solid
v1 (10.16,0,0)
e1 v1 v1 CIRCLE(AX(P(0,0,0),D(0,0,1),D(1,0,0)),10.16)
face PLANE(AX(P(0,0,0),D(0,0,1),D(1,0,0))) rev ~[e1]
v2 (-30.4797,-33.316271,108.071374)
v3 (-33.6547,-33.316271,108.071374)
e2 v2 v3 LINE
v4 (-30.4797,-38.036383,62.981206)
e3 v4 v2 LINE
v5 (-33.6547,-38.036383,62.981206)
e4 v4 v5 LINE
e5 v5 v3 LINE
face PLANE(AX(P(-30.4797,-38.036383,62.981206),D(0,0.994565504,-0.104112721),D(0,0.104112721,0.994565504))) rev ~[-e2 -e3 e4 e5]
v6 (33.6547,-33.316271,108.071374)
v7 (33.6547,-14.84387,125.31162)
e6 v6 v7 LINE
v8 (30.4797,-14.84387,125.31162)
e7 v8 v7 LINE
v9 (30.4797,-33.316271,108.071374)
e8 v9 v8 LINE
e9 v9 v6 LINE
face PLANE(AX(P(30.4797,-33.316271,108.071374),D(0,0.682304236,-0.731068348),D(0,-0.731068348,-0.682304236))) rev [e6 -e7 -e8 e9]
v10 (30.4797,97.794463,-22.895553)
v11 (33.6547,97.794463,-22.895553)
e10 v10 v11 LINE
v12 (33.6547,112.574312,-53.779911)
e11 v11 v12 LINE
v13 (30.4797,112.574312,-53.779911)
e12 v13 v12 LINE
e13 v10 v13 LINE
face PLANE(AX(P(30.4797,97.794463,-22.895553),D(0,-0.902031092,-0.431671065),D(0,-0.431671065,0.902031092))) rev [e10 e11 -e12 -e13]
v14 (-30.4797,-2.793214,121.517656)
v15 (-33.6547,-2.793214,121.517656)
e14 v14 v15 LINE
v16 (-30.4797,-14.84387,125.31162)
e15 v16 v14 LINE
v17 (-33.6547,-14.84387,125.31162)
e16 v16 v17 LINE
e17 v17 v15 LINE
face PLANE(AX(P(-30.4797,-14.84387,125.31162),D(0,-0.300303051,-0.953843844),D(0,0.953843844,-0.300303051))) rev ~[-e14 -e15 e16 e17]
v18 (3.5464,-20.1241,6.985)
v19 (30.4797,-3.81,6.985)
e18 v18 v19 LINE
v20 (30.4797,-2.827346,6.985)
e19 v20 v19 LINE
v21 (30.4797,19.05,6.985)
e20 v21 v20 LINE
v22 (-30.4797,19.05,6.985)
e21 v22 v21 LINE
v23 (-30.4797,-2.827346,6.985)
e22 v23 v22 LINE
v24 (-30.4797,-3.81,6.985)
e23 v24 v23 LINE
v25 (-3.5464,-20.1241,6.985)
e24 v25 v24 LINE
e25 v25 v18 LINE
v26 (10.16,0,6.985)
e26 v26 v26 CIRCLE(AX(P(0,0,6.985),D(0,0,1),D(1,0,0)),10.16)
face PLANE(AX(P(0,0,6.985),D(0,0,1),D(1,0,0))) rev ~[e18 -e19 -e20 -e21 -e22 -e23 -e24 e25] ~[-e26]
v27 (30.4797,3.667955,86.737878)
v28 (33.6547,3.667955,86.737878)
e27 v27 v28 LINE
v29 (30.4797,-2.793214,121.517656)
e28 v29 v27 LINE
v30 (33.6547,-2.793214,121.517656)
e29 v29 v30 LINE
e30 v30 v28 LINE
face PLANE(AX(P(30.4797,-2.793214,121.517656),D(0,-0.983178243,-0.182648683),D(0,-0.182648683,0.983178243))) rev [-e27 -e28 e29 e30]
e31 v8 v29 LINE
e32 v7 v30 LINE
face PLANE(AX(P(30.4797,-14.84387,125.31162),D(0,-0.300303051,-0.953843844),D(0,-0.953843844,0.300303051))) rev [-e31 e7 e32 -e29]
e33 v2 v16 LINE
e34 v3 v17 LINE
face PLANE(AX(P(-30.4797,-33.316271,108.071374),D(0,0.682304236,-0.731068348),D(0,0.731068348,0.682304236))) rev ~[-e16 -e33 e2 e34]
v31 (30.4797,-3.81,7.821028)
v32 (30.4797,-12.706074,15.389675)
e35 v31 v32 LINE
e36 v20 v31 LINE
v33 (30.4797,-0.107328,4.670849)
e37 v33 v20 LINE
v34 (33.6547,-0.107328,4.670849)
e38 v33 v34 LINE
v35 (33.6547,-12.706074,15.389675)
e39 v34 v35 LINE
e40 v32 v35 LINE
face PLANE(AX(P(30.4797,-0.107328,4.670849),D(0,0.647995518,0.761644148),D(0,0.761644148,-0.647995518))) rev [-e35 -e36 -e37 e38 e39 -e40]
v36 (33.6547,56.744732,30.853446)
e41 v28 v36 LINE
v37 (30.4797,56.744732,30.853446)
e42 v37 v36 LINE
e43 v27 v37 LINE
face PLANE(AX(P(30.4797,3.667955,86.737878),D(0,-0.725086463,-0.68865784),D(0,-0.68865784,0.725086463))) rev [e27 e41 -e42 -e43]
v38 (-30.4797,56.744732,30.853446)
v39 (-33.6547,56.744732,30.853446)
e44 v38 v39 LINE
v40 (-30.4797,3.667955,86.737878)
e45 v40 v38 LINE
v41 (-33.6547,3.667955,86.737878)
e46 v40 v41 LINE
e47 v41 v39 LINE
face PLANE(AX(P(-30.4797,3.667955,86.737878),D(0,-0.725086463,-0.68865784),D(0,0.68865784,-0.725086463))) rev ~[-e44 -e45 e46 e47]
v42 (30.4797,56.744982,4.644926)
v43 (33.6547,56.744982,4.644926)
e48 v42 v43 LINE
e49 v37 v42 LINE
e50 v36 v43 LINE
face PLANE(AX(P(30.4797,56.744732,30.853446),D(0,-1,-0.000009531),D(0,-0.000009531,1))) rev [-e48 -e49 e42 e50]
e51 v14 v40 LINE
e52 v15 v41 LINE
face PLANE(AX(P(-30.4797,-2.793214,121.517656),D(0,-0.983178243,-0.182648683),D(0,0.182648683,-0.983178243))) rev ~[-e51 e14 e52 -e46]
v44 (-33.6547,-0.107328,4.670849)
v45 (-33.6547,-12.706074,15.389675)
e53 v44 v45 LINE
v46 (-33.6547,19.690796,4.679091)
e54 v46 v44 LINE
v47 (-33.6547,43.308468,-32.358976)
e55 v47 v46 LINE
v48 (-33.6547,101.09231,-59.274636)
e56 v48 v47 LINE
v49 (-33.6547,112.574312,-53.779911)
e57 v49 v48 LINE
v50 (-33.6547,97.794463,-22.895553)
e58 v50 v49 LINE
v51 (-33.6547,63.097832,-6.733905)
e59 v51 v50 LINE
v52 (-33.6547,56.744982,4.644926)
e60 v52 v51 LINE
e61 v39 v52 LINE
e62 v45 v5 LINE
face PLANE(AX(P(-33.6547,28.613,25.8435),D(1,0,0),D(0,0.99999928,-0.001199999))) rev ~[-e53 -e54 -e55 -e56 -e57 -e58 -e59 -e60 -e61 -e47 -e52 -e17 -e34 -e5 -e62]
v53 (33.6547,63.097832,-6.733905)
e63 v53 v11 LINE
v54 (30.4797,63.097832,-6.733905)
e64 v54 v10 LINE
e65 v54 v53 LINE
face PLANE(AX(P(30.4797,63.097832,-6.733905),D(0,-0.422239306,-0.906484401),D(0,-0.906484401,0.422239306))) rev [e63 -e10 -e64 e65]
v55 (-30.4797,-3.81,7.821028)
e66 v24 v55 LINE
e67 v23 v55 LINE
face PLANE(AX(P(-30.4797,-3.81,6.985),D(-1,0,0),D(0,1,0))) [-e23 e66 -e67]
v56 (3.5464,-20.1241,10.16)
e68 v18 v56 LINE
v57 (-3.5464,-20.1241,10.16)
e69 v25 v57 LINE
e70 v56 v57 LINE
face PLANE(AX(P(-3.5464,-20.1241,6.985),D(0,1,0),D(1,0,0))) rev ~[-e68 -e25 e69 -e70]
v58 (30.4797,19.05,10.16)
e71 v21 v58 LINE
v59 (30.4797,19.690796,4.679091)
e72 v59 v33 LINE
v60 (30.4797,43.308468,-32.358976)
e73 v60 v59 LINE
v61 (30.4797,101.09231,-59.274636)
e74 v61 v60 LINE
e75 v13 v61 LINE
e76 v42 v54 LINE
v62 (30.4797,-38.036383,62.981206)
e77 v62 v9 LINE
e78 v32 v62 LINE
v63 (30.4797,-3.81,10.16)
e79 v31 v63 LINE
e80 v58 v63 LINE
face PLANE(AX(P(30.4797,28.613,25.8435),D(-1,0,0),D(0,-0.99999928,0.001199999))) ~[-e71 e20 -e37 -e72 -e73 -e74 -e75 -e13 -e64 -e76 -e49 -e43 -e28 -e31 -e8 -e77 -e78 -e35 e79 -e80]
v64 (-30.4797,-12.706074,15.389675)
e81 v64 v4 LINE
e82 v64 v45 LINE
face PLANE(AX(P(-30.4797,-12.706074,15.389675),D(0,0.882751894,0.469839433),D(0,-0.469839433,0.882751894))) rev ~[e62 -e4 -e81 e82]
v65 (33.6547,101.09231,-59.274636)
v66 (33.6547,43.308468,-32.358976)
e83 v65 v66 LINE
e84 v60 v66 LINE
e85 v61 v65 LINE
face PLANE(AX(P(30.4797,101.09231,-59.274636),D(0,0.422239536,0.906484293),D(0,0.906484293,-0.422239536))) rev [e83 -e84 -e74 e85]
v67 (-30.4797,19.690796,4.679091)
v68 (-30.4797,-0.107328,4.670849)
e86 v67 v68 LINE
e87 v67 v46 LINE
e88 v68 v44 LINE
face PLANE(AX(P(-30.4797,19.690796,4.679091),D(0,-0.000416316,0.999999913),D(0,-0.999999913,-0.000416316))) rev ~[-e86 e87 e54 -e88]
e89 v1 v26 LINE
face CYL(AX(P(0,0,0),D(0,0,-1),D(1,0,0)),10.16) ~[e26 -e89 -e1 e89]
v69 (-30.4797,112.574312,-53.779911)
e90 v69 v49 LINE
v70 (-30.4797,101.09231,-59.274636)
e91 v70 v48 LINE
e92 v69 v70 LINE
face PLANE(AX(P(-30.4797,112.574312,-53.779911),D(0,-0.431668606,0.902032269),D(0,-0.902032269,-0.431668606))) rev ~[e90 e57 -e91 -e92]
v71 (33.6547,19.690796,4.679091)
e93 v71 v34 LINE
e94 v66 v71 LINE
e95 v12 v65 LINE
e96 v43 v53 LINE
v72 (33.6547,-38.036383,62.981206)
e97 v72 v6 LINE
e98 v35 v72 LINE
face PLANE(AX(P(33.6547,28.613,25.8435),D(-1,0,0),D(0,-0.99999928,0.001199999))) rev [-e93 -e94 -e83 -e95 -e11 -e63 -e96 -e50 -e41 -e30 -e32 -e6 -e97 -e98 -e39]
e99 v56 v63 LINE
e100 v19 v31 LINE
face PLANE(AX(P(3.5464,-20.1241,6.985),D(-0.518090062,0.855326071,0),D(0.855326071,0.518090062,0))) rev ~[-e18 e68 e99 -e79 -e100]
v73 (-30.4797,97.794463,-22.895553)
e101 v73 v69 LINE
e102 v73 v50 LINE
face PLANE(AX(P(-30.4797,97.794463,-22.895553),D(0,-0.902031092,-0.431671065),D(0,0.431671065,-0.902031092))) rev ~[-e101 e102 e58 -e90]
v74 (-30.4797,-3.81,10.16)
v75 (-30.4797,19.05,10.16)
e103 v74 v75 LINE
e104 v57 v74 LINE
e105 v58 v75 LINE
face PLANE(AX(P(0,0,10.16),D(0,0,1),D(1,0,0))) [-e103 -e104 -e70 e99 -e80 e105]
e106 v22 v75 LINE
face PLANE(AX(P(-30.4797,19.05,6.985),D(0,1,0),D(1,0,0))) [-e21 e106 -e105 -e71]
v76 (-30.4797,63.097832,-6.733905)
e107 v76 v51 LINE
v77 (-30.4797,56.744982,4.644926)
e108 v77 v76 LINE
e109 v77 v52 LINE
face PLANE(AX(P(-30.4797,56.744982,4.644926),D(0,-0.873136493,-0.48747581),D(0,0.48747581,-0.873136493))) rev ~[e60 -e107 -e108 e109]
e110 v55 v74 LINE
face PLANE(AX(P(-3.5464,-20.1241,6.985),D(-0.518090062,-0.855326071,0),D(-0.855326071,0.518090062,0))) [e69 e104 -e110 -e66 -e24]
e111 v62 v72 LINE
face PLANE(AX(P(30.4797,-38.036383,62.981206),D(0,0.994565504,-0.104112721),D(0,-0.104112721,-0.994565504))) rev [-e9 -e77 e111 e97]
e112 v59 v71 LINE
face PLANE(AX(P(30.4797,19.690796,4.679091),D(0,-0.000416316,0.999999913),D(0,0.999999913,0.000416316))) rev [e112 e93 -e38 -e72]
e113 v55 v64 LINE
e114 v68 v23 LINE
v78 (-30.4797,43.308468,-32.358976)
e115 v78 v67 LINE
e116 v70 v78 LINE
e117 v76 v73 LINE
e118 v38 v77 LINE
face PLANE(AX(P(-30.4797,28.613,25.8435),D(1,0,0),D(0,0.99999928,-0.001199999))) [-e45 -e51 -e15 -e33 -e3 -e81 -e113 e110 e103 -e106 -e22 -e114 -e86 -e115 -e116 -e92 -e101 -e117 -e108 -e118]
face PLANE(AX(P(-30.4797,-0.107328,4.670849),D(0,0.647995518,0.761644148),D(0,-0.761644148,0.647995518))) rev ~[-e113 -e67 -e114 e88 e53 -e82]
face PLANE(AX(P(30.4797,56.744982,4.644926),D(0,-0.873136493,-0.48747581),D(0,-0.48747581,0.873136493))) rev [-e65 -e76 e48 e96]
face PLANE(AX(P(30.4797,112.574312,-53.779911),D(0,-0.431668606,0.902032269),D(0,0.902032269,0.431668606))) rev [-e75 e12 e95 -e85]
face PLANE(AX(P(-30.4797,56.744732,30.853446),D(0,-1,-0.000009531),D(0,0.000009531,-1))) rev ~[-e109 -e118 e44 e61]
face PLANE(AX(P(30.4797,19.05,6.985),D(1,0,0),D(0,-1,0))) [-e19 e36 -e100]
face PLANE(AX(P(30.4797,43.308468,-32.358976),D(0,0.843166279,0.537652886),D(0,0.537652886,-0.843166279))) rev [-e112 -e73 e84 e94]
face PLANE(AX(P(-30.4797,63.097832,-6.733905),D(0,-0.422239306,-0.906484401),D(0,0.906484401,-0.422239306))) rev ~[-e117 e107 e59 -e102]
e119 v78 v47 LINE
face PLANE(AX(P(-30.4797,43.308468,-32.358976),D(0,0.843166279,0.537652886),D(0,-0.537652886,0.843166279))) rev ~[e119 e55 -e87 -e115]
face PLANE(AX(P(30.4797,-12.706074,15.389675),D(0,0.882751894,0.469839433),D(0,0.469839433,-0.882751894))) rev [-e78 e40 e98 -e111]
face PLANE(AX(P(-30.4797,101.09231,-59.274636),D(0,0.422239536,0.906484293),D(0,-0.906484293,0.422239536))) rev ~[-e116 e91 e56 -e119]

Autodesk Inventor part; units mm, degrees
sketch "Sketch1" plane through (0, 0, 0) normal (0, 0, 1) x (1, 0, 0)
  circle A0 centre (0, 0) radius 10.16
  arc A1 (-9.6844, 3.0721) -> (-9.6844, -3.0721) centre (0, 0) ccw construction
ref_plane "Work Plane1" through (-24.1297, -20.1241, 6.985) normal (0, 0, -1) x (0, 1, 0)
extrude "Extrusion1" add sketch "Sketch1" along normal up to surface (6.985 mm away)
sketch "Sketch2" plane through (0, 0, 6.985) normal (0, 0, 1) x (1, 0, 0)
  line L0 (-24.1297, 19.05) -> (24.1297, 19.05) construction
  line L1 (-30.4797, 4.9571) -> (-30.4797, 51.5313) construction
  line L2 (30.4797, 51.5313) -> (30.4797, 4.9571) construction
  line L3 (-3.5464, -20.1241) -> (3.5464, -20.1241)
  line L4 (3.5464, -20.1241) -> (30.4797, -3.81)
  line L5 (-3.5464, -20.1241) -> (-30.4797, -3.81)
  line L6 (-30.4797, -3.81) -> (-30.4797, 19.05)
  line L7 (-30.4797, 19.05) -> (30.4797, 19.05)
  line L8 (30.4797, 19.05) -> (30.4797, -3.81)
  line L9 (0, 141.501) -> (0, -68.047)
  arc A0 (-6.5797, -18.2867) -> (6.5797, -18.2867) centre (0, -7.4241) ccw construction
  line L10 (-6.5797, -18.2867) -> (-24.1297, -7.6563) construction
  line L11 (24.1297, -7.6563) -> (6.5797, -18.2867) construction
  point P0 (0, 0)
  point P1 (0, -20.1241)
ref_plane "Work Plane2" through (-24.1297, -20.1241, 10.16) normal (0, 0, 1) x (1, 0, 0)
extrude "Extrusion2" add sketch "Sketch2" along normal up to surface (3.175 mm away)
ref_plane "Work Plane3" through (-30.4797, 28.613, 25.8435) normal (1, 0, 0) x (0, 1, -0.0012)
sketch "Sketch3" plane through (-30.4797, 28.613, 25.8435) normal (1, 0, 0) x (0, 1, -0.0012)
  line L0 (-60.3032, 83.7671) -> (-46.2664, 96.8991) construction
  line L1 (-40.061, 98.3138) -> (-35.1427, 96.7719) construction
  line L2 (-30.8232, 91.9054) -> (-25.3621, 62.7037) construction
  line L3 (-66.4956, 38.9741) -> (-62.271, 79.8043) construction
  line L4 (-41.8663, -9.4545) -> (-65.7822, 35.3495) construction
  line L5 (-23.7279, 59.5092) -> (22.9055, 10.5268) construction
  line L6 (28.1348, -2.5269) -> (28.1554, -19.5123) construction
  line L7 (-12.3805, -21.1807) -> (-26.3576, -21.2033) construction
  line L8 (-30.4769, -19.6947) -> (-40.5808, -11.1193) construction
  line L9 (13.7735, -56.6336) -> (-7.0203, -24.1102) construction
  line L10 (69.8762, -83.775) -> (16.4352, -58.9603) construction
  line L11 (28.9647, -22.6068) -> (33.5205, -30.7438) construction
  line L12 (36.3869, -33.401) -> (67.1857, -47.7021) construction
  line L13 (70.2201, -50.6979) -> (81.3231, -73.8278) construction
  line L14 (78.362, -82.2562) -> (75.2702, -83.7404) construction
  line L15 (-62.0279, 82.1535) -> (-43.5762, 99.4159)
  line L16 (-43.5762, 99.4159) -> (-31.521, 95.6364)
  line L17 (-31.521, 95.6364) -> (-25.0181, 60.8644)
  line L18 (-25.0181, 60.8644) -> (28.1257, 5.0437)
  line L19 (28.1257, 5.0437) -> (28.1574, -21.1648)
  line L20 (28.1574, -21.1648) -> (34.5239, -32.536)
  line L21 (34.5239, -32.536) -> (69.2399, -48.656)
  line L22 (69.2399, -48.656) -> (84.0568, -79.5226)
  line L23 (84.0568, -79.5226) -> (72.5814, -85.0311)
  line L24 (72.5814, -85.0311) -> (14.7653, -58.1848)
  line L25 (14.7653, -58.1848) -> (-8.8968, -21.1751)
  line L26 (-8.8968, -21.1751) -> (-28.6949, -21.2071)
  line L27 (-28.6949, -21.2071) -> (-41.3065, -10.5034)
  line L28 (-41.3065, -10.5034) -> (-66.6939, 37.0577)
  line L29 (-66.6939, 37.0577) -> (-62.0279, 82.1535)
  point P0 (-28.5817, -25.8781)
ref_plane "Work Plane4" through (-33.6547, -38.1116, -58.8269) normal (-1, 0, 0) x (0, 0.0012, 1)
extrude "Extrusion3" add sketch "Sketch3" against normal up to surface (3.175 mm away)
mirror "Mirror1" about plane through (0, 0, 0) normal (1, 0, 0) of "Extrusion3"
properties part number "ShoulderCollision"
